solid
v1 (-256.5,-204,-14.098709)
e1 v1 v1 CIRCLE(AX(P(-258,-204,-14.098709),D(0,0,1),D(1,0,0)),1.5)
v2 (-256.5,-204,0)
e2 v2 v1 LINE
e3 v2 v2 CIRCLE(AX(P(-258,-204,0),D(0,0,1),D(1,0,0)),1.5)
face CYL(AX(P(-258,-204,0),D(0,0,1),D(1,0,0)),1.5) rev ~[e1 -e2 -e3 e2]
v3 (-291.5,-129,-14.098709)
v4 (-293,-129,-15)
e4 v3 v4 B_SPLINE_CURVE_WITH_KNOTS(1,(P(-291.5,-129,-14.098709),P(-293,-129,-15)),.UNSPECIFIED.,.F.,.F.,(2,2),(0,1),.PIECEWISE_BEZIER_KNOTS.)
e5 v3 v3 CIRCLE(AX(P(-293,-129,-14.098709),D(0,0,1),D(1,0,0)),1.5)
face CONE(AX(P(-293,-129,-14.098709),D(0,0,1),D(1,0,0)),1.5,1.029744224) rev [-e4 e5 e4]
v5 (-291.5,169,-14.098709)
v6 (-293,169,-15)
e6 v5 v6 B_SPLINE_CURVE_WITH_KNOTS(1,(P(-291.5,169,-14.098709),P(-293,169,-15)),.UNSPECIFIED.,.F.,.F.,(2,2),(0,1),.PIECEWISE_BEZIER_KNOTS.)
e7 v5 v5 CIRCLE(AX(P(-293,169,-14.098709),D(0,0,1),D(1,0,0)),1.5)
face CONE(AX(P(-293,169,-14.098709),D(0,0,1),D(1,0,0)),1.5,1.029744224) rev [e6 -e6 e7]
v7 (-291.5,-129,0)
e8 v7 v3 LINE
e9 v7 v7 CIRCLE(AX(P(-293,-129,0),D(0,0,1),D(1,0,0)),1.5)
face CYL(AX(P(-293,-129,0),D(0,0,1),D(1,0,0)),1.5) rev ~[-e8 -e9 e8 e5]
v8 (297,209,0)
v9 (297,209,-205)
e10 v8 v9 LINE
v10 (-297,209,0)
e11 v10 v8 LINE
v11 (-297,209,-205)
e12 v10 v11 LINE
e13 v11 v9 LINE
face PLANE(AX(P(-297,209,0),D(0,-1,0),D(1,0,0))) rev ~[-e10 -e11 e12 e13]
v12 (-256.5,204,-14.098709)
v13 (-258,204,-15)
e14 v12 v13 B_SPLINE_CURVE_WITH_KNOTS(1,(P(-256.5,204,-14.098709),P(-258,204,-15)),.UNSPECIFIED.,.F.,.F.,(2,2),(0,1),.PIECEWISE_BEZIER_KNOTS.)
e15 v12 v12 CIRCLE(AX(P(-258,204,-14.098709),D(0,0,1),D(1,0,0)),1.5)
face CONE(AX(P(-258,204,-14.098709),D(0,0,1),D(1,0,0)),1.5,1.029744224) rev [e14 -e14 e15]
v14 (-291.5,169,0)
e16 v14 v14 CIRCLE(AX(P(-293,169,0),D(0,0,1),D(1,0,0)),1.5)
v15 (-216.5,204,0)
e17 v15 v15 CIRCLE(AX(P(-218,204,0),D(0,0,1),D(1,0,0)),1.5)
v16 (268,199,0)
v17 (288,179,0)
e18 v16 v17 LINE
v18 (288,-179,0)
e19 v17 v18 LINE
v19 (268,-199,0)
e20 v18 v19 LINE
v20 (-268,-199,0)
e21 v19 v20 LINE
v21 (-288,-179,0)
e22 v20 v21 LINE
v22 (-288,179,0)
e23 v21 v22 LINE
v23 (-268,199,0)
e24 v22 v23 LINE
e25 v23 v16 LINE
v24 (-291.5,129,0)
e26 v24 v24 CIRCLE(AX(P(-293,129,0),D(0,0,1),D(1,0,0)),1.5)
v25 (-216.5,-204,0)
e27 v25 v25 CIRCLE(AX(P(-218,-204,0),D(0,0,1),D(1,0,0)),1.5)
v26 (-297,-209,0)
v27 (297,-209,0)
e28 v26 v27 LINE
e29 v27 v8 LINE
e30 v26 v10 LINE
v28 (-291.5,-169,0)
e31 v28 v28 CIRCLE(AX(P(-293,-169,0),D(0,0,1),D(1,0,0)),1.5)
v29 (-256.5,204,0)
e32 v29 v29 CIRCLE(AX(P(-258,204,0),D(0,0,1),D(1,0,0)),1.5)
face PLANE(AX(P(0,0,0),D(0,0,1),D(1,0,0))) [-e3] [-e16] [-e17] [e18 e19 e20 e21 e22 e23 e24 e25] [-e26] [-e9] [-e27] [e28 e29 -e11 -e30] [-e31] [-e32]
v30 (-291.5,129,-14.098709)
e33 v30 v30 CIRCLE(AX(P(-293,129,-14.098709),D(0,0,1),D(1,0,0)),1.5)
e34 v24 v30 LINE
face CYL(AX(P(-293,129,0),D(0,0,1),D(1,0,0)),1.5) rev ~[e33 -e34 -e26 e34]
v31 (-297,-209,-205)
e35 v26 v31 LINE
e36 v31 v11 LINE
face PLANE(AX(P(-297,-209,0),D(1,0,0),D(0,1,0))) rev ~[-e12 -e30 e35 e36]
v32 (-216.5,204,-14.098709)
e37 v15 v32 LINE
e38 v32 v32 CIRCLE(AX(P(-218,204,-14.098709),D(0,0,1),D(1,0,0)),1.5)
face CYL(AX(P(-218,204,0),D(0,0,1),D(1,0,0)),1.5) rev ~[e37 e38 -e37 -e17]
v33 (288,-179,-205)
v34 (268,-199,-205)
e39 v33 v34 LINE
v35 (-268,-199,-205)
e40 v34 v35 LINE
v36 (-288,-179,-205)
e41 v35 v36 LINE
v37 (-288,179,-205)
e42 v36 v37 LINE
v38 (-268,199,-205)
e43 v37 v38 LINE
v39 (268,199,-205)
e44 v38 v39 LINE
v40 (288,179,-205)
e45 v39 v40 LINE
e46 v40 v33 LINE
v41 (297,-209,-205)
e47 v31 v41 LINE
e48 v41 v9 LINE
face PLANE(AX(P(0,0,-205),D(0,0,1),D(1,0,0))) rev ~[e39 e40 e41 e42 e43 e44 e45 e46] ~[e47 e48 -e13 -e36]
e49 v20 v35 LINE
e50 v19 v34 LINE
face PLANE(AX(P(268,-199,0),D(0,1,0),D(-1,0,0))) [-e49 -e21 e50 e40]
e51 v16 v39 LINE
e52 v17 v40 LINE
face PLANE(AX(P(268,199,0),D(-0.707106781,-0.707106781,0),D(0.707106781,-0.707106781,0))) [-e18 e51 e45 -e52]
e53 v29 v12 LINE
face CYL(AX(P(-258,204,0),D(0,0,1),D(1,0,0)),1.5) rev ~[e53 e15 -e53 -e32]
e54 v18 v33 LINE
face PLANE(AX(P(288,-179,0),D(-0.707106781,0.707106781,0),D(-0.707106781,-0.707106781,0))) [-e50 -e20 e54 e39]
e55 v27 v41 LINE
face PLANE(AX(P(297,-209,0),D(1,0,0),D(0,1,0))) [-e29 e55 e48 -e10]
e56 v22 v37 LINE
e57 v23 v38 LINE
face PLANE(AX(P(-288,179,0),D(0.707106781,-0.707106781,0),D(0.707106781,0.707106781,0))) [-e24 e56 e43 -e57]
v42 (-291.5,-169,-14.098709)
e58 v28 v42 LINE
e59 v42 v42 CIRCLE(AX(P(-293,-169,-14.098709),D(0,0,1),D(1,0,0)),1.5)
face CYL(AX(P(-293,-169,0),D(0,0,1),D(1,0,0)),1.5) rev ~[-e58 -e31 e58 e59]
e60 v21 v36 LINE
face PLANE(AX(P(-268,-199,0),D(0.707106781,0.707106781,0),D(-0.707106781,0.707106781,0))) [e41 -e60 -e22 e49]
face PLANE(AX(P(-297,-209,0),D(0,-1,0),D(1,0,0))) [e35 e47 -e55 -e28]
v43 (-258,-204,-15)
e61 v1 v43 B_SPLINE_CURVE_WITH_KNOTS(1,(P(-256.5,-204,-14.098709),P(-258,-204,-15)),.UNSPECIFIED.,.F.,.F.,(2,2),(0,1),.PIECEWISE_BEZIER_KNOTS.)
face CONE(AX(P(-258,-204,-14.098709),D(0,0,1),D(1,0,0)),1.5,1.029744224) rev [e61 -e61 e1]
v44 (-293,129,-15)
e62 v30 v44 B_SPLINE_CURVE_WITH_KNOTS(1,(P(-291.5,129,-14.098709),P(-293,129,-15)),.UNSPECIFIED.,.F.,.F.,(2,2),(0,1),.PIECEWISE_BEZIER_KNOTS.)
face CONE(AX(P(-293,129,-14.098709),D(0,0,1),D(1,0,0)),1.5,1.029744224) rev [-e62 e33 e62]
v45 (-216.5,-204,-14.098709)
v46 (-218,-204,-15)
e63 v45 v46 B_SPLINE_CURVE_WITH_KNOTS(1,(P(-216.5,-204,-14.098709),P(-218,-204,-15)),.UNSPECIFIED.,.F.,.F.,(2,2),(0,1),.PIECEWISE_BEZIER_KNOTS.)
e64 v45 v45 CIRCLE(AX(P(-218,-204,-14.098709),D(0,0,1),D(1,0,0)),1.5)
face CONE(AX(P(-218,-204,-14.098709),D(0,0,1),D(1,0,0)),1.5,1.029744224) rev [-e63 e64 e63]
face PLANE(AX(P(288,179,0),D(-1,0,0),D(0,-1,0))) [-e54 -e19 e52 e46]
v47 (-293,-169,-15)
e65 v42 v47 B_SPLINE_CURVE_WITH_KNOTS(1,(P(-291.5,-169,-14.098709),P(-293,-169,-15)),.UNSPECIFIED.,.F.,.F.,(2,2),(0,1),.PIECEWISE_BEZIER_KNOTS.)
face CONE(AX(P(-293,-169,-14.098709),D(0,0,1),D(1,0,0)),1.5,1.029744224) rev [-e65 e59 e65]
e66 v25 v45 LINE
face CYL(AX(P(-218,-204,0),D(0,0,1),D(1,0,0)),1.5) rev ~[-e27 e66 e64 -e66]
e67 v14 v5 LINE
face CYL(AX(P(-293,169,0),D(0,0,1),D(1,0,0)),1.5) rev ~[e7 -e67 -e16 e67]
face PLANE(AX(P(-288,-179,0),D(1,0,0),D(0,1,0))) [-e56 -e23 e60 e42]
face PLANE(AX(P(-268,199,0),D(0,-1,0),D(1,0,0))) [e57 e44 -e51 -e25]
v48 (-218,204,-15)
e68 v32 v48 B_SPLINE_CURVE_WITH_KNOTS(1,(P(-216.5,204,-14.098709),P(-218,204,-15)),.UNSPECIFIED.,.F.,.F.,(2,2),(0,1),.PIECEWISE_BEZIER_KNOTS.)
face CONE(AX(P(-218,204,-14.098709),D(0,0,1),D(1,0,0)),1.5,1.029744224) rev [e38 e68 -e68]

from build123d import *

# Parameters (mm, degrees)
SKETCH_W        = 594
SKETCH_H        = 418
PAD_DEPTH       = 205
POCKET_DEPTH    = 205.001
COPYSKETCH002_R = 1.5
HOLE_DEPTH      = 14.098709
HOLE_TIPS_R     = 1.5


with BuildPart() as part:
    # Sketch → Pad (new body)
    with BuildSketch(Plane.XY):
        Rectangle(SKETCH_W, SKETCH_H)
    extrude(amount=-PAD_DEPTH)

    # Sketch001 (on Face5 of Pad) → Pocket (cut, through all)
    with BuildSketch(Plane.XY):
        Polygon((-288, -179), (-288, 179), (-268, 199), (268, 199), (288, 179), (288, -179), (268, -199), (-268, -199), align=None)
    extrude(amount=-POCKET_DEPTH, mode=Mode.SUBTRACT)

    # CopySketch002 → Hole (cut)
    with BuildSketch(Plane.XY):
        with Locations((-258, -204)):
            Circle(COPYSKETCH002_R)
        with Locations((-218, -204)):
            Circle(COPYSKETCH002_R)
        with Locations((-293, -169)):
            Circle(COPYSKETCH002_R)
        with Locations((-293, -129)):
            Circle(COPYSKETCH002_R)
        with Locations((-293, 169)):
            Circle(COPYSKETCH002_R)
        with Locations((-293, 129)):
            Circle(COPYSKETCH002_R)
        with Locations((-258, 204)):
            Circle(COPYSKETCH002_R)
        with Locations((-218, 204)):
            Circle(COPYSKETCH002_R)
    extrude(amount=-HOLE_DEPTH, mode=Mode.SUBTRACT)

    # Hole tips → Hole tip 1 section 0
    with BuildSketch(Plane.XY.offset(-14.098709), mode=Mode.PRIVATE) as hole_tip_1_s0:
        with Locations((-258, -204)):
            Circle(HOLE_TIPS_R)
    loft([hole_tip_1_s0.sketch, Vertex(-258, -204, -15)], mode=Mode.SUBTRACT)

    # Hole tips → Hole tip 2 section 0
    with BuildSketch(Plane.XY.offset(-14.098709), mode=Mode.PRIVATE) as hole_tip_2_s0:
        with Locations((-218, -204)):
            Circle(HOLE_TIPS_R)
    loft([hole_tip_2_s0.sketch, Vertex(-218, -204, -15)], mode=Mode.SUBTRACT)

    # Hole tips → Hole tip 3 section 0
    with BuildSketch(Plane.XY.offset(-14.098709), mode=Mode.PRIVATE) as hole_tip_3_s0:
        with Locations((-293, -169)):
            Circle(HOLE_TIPS_R)
    loft([hole_tip_3_s0.sketch, Vertex(-293, -169, -15)], mode=Mode.SUBTRACT)

    # Hole tips → Hole tip 4 section 0
    with BuildSketch(Plane.XY.offset(-14.098709), mode=Mode.PRIVATE) as hole_tip_4_s0:
        with Locations((-293, -129)):
            Circle(HOLE_TIPS_R)
    loft([hole_tip_4_s0.sketch, Vertex(-293, -129, -15)], mode=Mode.SUBTRACT)

    # Hole tips → Hole tip 5 section 0
    with BuildSketch(Plane.XY.offset(-14.098709), mode=Mode.PRIVATE) as hole_tip_5_s0:
        with Locations((-293, 169)):
            Circle(HOLE_TIPS_R)
    loft([hole_tip_5_s0.sketch, Vertex(-293, 169, -15)], mode=Mode.SUBTRACT)

    # Hole tips → Hole tip 6 section 0
    with BuildSketch(Plane.XY.offset(-14.098709), mode=Mode.PRIVATE) as hole_tip_6_s0:
        with Locations((-293, 129)):
            Circle(HOLE_TIPS_R)
    loft([hole_tip_6_s0.sketch, Vertex(-293, 129, -15)], mode=Mode.SUBTRACT)

    # Hole tips → Hole tip 7 section 0
    with BuildSketch(Plane.XY.offset(-14.098709), mode=Mode.PRIVATE) as hole_tip_7_s0:
        with Locations((-258, 204)):
            Circle(HOLE_TIPS_R)
    loft([hole_tip_7_s0.sketch, Vertex(-258, 204, -15)], mode=Mode.SUBTRACT)

    # Hole tips → Hole tip 8 section 0
    with BuildSketch(Plane.XY.offset(-14.098709), mode=Mode.PRIVATE) as hole_tip_8_s0:
        with Locations((-218, 204)):
            Circle(HOLE_TIPS_R)
    loft([hole_tip_8_s0.sketch, Vertex(-218, 204, -15)], mode=Mode.SUBTRACT)


solid = part.part
